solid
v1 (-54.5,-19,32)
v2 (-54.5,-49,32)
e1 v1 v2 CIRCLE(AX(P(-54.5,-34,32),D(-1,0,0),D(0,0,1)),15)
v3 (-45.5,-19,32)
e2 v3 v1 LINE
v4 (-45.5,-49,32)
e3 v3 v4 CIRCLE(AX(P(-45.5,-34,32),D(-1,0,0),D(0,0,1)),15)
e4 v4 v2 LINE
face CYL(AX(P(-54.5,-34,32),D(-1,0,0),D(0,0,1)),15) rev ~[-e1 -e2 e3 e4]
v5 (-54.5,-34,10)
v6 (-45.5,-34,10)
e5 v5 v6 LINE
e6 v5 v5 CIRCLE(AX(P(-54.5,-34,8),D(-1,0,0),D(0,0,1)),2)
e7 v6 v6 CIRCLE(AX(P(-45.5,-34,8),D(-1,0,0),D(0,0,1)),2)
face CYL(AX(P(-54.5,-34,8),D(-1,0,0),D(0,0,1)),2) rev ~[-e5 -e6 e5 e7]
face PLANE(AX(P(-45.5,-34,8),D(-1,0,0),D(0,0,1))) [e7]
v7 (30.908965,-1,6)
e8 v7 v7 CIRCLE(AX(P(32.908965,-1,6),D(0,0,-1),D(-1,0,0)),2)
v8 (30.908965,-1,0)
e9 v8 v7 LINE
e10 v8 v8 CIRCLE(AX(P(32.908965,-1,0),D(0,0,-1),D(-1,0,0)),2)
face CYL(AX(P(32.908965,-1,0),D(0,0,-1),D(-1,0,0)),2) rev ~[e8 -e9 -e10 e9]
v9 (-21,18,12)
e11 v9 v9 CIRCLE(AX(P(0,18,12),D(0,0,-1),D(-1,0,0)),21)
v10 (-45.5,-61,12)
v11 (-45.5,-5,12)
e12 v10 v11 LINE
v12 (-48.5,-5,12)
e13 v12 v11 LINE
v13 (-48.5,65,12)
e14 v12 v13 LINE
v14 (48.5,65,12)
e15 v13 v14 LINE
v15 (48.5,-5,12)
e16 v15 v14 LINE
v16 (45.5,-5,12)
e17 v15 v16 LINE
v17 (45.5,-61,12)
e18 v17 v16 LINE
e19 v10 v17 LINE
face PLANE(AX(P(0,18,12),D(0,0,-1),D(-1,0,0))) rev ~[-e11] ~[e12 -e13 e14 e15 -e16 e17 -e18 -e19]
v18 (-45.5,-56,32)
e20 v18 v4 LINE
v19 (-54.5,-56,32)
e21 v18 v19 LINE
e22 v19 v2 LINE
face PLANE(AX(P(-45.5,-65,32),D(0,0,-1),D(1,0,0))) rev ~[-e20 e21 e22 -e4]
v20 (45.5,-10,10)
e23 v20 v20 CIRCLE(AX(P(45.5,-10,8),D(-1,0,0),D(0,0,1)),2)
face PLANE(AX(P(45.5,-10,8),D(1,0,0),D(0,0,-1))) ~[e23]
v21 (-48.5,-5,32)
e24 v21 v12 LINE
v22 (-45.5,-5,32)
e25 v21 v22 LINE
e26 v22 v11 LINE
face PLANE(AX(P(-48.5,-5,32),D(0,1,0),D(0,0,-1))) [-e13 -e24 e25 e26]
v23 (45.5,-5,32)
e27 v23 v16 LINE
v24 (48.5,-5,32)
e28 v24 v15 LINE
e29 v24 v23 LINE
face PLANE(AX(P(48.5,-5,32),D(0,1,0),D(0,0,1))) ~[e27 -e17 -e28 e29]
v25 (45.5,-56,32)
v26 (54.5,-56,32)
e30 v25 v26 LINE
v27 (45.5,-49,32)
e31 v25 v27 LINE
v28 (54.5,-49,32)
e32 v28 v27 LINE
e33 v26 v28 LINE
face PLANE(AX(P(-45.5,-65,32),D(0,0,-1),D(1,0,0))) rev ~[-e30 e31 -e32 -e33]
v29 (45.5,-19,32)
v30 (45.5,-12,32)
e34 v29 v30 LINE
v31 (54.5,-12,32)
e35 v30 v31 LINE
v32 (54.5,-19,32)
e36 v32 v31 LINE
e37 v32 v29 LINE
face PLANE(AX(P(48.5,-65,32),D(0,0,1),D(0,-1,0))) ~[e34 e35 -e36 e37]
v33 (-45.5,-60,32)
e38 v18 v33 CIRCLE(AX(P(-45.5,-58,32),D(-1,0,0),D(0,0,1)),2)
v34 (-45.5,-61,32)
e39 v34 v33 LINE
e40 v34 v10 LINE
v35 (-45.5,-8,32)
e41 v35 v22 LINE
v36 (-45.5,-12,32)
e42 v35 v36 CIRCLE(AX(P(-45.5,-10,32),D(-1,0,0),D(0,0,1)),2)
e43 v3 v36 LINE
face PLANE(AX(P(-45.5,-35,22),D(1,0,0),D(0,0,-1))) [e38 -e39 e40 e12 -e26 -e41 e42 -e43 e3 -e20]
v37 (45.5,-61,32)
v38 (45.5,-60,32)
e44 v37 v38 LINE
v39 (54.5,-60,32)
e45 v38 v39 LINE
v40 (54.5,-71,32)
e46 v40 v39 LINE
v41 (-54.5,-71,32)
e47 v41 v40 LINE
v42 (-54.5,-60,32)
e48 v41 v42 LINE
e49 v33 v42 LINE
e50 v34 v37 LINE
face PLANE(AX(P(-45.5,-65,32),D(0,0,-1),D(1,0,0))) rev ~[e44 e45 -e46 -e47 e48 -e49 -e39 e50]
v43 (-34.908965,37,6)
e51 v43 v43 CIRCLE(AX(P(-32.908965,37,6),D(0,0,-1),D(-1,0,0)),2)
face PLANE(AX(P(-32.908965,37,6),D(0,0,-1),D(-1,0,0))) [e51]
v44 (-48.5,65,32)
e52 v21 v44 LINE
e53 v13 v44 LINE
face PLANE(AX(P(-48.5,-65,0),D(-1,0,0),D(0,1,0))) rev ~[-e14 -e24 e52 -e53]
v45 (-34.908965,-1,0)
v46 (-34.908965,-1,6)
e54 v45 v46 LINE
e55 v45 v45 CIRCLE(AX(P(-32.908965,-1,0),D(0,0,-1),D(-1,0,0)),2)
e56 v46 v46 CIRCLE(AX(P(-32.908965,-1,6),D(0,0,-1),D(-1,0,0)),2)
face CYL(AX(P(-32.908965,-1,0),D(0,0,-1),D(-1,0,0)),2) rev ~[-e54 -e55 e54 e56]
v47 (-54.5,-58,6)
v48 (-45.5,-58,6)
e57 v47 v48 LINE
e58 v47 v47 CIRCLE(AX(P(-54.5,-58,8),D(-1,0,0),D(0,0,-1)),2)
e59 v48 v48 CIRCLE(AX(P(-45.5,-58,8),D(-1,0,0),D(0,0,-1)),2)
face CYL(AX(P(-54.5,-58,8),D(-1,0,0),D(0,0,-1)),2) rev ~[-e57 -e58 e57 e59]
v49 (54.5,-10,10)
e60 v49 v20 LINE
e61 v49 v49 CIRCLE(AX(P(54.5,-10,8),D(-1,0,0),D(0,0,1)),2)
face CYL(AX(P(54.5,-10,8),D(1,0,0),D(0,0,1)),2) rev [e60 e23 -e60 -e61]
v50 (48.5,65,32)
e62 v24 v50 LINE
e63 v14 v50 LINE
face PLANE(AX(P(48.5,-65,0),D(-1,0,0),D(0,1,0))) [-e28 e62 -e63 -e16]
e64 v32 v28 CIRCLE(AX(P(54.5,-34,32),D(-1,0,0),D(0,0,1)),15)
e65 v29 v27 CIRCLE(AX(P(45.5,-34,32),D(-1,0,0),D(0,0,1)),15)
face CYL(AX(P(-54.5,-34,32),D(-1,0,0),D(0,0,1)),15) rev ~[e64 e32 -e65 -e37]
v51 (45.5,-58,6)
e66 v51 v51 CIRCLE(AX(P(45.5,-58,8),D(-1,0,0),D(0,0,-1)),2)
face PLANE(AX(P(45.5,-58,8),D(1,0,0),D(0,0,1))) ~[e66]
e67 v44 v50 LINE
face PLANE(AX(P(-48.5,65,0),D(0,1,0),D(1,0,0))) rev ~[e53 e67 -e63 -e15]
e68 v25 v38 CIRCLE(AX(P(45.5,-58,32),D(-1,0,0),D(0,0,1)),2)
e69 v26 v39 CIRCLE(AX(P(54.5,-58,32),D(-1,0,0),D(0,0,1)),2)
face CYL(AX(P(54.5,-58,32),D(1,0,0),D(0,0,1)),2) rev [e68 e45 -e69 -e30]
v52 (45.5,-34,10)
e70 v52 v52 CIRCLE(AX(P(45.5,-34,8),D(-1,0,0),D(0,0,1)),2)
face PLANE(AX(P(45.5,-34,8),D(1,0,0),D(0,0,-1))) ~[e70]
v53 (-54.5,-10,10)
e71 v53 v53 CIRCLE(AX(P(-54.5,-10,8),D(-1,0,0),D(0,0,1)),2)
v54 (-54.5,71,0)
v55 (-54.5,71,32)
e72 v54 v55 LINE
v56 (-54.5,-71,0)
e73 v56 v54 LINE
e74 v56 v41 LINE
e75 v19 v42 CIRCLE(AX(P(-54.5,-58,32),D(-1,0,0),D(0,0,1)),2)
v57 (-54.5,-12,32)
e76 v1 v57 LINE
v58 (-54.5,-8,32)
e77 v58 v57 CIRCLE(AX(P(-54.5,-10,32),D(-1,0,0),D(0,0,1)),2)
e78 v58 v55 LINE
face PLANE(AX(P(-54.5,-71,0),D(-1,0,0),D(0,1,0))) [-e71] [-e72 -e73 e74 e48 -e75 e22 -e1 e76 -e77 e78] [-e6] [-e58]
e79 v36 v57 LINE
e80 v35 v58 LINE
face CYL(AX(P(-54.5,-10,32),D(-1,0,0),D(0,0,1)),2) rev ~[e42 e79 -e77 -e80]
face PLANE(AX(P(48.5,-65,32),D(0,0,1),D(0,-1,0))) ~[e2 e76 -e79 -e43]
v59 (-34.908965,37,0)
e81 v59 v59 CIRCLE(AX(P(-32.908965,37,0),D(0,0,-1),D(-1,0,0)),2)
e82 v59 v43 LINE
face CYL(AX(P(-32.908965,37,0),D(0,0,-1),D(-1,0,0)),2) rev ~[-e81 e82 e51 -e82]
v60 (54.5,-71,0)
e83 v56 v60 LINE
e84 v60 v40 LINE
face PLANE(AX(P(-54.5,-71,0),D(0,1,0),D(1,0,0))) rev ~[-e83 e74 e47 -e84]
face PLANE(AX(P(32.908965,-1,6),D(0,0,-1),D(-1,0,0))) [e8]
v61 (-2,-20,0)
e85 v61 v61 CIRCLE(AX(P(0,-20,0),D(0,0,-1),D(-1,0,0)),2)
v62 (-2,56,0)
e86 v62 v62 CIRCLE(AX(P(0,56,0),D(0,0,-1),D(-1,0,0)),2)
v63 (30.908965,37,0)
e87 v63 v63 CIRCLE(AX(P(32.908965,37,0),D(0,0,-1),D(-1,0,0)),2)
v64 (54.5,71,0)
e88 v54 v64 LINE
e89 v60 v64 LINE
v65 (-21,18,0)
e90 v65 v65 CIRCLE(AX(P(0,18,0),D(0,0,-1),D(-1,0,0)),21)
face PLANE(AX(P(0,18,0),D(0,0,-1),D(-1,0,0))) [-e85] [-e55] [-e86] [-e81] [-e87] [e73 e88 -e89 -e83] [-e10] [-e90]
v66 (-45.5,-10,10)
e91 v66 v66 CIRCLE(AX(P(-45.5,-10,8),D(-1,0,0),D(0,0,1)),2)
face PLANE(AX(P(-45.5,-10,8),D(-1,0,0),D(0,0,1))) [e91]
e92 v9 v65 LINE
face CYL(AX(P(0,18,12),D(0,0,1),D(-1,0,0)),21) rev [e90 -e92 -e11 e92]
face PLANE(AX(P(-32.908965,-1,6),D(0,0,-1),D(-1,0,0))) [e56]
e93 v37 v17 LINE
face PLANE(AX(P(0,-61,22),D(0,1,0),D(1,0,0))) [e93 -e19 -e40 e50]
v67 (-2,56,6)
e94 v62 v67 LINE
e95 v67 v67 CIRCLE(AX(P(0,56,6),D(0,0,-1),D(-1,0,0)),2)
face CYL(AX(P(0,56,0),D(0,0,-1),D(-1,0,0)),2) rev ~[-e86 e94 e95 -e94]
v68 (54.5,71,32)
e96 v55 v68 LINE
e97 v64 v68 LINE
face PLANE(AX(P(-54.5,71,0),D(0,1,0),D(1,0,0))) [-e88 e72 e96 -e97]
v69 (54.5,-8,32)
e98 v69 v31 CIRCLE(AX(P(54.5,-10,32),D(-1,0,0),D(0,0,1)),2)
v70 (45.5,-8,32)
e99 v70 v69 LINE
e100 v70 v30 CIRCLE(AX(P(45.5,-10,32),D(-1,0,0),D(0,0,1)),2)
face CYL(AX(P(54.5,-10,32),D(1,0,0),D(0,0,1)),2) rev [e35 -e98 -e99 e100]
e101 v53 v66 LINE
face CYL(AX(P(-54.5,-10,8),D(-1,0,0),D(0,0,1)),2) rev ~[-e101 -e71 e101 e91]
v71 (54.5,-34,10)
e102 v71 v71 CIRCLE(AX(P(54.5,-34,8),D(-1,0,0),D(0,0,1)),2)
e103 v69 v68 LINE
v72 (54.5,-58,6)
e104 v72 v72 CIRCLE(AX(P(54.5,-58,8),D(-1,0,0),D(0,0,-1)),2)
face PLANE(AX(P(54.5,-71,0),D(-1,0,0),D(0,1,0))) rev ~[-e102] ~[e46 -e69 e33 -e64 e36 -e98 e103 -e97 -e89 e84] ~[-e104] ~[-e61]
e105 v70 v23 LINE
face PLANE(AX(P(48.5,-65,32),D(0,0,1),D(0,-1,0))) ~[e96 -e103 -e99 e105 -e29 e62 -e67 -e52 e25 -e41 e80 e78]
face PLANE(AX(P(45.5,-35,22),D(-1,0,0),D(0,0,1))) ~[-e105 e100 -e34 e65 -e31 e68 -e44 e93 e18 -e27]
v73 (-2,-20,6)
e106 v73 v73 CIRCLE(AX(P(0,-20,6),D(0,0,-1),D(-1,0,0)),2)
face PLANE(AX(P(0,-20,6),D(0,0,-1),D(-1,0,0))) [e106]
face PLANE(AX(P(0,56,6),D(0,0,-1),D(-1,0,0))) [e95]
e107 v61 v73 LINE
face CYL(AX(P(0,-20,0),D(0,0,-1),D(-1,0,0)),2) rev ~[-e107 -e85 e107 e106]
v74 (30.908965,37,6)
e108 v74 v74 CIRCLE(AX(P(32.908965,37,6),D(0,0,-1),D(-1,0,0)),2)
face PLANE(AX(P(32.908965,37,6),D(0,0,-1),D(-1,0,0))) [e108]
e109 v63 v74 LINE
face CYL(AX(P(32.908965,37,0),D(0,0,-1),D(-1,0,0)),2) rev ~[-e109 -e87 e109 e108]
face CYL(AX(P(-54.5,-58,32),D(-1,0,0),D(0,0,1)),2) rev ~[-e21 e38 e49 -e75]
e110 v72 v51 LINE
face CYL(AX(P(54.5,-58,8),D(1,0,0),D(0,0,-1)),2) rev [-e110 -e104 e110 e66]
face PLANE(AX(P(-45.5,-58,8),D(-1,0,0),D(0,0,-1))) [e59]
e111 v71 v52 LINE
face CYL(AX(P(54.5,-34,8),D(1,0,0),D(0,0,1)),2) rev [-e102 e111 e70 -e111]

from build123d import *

# Parameters (mm, degrees)
SKETCH1_W           = 97
SKETCH1_H           = 130
BOSS_EXTRUDE1_DEPTH = 12
SKETCH9_R           = 32
CUT_EXTRUDE2_DEPTH  = 12
SKETCH11_W          = 109
SKETCH11_H          = 142
SKETCH11_W_2        = 97
SKETCH11_H_2        = 130
BOSS_EXTRUDE4_DEPTH = 32
SKETCH18_W          = 20
SKETCH18_H          = 60
BOSS_EXTRUDE5_DEPTH = 3
SKETCH14_R          = 15
CUT_EXTRUDE5_DEPTH  = 134.962681371
SKETCH20_W          = 91
SKETCH20_H          = 20
BOSS_EXTRUDE6_DEPTH = 4
SKETCH21_R          = 2
CUT_EXTRUDE6_DEPTH  = 9
SKETCH23_R          = 2
CUT_EXTRUDE7_DEPTH  = 6
BOSS_EXTRUDE7_START = -12
SKETCH26_R          = 32
SKETCH26_R_2        = 21
BOSS_EXTRUDE7_DEPTH = 12


with BuildPart() as part:
    # Sketch1 → Boss-Extrude1 (new body)
    with BuildSketch(Plane.XY):
        Rectangle(SKETCH1_W, SKETCH1_H)
    extrude(amount=BOSS_EXTRUDE1_DEPTH)

    # Sketch9 → Cut-Extrude2 (cut)
    with BuildSketch(Plane.XY.offset(12)):
        with Locations((0, 18)):
            Circle(SKETCH9_R)
    extrude(amount=-CUT_EXTRUDE2_DEPTH, mode=Mode.SUBTRACT)

    # Sketch11 → Boss-Extrude4 (add)
    with BuildSketch(Plane.XY):
        Rectangle(SKETCH11_W, SKETCH11_H)
        Rectangle(SKETCH11_W_2, SKETCH11_H_2, mode=Mode.SUBTRACT)
    extrude(amount=BOSS_EXTRUDE4_DEPTH)

    # Sketch18 → Boss-Extrude5 (add)
    with BuildSketch(Plane(origin=(-48.5, 0, 0), x_dir=(0, 0, -1), z_dir=(1, 0, 0))):
        with Locations((-22, -35)):
            Rectangle(SKETCH18_W, SKETCH18_H)
    boss_extrude5 = extrude(amount=BOSS_EXTRUDE5_DEPTH)

    # Mirror1: Boss-Extrude5 across plane
    add(boss_extrude5.mirror(Plane(origin=(0, 0, 0), x_dir=(0, 0, 1), z_dir=(1, 0, 0))))

    # Sketch14 → Cut-Extrude5 (cut, through all)
    with BuildSketch(Plane.ZY.offset(54.5)):
        with Locations((32, -34)):
            Circle(SKETCH14_R)
    extrude(amount=-CUT_EXTRUDE5_DEPTH, mode=Mode.SUBTRACT)

    # Sketch20 → Boss-Extrude6 (add)
    with BuildSketch(Plane(origin=(0, -65, 0), x_dir=(1, 0, 0), z_dir=(0, 1, 0))):
        with Locations((0, -22)):
            Rectangle(SKETCH20_W, SKETCH20_H)
    extrude(amount=BOSS_EXTRUDE6_DEPTH)

    # Sketch21 → Cut-Extrude6 (cut)
    with BuildSketch(Plane.ZY.offset(54.5)):
        with Locations((32, -10)):
            Circle(SKETCH21_R)
        with Locations((8, -10)):
            Circle(SKETCH21_R)
        with Locations((56, -10)):
            Circle(SKETCH21_R)
        with Locations((56, -58)):
            Circle(SKETCH21_R)
        with Locations((32, -58)):
            Circle(SKETCH21_R)
        with Locations(Location((8, -58, 0), (0, 0, 180))):
            Circle(SKETCH21_R)
        with Locations((8, -34)):
            Circle(SKETCH21_R)
    cut_extrude6 = extrude(amount=-CUT_EXTRUDE6_DEPTH, mode=Mode.SUBTRACT)

    # Mirror2: Cut-Extrude6 across plane
    add(cut_extrude6.mirror(Plane(origin=(0, 0, 0), x_dir=(0, 0, 1), z_dir=(1, 0, 0))), mode=Mode.SUBTRACT)

    # Sketch23 → Cut-Extrude7 (cut)
    with BuildSketch(Plane(origin=(0, 0, 0), x_dir=(-1, 0, 0), z_dir=(0, 0, -1))):
        with Locations((0, 56)):
            Circle(SKETCH23_R)
        with Locations((32.908965344, 37)):
            Circle(SKETCH23_R)
        with Locations((32.908965344, -1)):
            Circle(SKETCH23_R)
        with Locations((0, -20)):
            Circle(SKETCH23_R)
        with Locations((-32.908965344, -1)):
            Circle(SKETCH23_R)
        with Locations((-32.908965344, 37)):
            Circle(SKETCH23_R)
    extrude(amount=-CUT_EXTRUDE7_DEPTH, mode=Mode.SUBTRACT)

    # Sketch26 → Boss-Extrude7 (add)
    with BuildSketch(Plane(origin=(0, 0, 0), x_dir=(-1, 0, 0), z_dir=(0, 0, -1)).offset(BOSS_EXTRUDE7_START)):
        with Locations((0, 18)):
            Circle(SKETCH26_R)
        with Locations((0, 18)):
            Circle(SKETCH26_R_2, mode=Mode.SUBTRACT)
    extrude(amount=BOSS_EXTRUDE7_DEPTH)


solid = part.part
